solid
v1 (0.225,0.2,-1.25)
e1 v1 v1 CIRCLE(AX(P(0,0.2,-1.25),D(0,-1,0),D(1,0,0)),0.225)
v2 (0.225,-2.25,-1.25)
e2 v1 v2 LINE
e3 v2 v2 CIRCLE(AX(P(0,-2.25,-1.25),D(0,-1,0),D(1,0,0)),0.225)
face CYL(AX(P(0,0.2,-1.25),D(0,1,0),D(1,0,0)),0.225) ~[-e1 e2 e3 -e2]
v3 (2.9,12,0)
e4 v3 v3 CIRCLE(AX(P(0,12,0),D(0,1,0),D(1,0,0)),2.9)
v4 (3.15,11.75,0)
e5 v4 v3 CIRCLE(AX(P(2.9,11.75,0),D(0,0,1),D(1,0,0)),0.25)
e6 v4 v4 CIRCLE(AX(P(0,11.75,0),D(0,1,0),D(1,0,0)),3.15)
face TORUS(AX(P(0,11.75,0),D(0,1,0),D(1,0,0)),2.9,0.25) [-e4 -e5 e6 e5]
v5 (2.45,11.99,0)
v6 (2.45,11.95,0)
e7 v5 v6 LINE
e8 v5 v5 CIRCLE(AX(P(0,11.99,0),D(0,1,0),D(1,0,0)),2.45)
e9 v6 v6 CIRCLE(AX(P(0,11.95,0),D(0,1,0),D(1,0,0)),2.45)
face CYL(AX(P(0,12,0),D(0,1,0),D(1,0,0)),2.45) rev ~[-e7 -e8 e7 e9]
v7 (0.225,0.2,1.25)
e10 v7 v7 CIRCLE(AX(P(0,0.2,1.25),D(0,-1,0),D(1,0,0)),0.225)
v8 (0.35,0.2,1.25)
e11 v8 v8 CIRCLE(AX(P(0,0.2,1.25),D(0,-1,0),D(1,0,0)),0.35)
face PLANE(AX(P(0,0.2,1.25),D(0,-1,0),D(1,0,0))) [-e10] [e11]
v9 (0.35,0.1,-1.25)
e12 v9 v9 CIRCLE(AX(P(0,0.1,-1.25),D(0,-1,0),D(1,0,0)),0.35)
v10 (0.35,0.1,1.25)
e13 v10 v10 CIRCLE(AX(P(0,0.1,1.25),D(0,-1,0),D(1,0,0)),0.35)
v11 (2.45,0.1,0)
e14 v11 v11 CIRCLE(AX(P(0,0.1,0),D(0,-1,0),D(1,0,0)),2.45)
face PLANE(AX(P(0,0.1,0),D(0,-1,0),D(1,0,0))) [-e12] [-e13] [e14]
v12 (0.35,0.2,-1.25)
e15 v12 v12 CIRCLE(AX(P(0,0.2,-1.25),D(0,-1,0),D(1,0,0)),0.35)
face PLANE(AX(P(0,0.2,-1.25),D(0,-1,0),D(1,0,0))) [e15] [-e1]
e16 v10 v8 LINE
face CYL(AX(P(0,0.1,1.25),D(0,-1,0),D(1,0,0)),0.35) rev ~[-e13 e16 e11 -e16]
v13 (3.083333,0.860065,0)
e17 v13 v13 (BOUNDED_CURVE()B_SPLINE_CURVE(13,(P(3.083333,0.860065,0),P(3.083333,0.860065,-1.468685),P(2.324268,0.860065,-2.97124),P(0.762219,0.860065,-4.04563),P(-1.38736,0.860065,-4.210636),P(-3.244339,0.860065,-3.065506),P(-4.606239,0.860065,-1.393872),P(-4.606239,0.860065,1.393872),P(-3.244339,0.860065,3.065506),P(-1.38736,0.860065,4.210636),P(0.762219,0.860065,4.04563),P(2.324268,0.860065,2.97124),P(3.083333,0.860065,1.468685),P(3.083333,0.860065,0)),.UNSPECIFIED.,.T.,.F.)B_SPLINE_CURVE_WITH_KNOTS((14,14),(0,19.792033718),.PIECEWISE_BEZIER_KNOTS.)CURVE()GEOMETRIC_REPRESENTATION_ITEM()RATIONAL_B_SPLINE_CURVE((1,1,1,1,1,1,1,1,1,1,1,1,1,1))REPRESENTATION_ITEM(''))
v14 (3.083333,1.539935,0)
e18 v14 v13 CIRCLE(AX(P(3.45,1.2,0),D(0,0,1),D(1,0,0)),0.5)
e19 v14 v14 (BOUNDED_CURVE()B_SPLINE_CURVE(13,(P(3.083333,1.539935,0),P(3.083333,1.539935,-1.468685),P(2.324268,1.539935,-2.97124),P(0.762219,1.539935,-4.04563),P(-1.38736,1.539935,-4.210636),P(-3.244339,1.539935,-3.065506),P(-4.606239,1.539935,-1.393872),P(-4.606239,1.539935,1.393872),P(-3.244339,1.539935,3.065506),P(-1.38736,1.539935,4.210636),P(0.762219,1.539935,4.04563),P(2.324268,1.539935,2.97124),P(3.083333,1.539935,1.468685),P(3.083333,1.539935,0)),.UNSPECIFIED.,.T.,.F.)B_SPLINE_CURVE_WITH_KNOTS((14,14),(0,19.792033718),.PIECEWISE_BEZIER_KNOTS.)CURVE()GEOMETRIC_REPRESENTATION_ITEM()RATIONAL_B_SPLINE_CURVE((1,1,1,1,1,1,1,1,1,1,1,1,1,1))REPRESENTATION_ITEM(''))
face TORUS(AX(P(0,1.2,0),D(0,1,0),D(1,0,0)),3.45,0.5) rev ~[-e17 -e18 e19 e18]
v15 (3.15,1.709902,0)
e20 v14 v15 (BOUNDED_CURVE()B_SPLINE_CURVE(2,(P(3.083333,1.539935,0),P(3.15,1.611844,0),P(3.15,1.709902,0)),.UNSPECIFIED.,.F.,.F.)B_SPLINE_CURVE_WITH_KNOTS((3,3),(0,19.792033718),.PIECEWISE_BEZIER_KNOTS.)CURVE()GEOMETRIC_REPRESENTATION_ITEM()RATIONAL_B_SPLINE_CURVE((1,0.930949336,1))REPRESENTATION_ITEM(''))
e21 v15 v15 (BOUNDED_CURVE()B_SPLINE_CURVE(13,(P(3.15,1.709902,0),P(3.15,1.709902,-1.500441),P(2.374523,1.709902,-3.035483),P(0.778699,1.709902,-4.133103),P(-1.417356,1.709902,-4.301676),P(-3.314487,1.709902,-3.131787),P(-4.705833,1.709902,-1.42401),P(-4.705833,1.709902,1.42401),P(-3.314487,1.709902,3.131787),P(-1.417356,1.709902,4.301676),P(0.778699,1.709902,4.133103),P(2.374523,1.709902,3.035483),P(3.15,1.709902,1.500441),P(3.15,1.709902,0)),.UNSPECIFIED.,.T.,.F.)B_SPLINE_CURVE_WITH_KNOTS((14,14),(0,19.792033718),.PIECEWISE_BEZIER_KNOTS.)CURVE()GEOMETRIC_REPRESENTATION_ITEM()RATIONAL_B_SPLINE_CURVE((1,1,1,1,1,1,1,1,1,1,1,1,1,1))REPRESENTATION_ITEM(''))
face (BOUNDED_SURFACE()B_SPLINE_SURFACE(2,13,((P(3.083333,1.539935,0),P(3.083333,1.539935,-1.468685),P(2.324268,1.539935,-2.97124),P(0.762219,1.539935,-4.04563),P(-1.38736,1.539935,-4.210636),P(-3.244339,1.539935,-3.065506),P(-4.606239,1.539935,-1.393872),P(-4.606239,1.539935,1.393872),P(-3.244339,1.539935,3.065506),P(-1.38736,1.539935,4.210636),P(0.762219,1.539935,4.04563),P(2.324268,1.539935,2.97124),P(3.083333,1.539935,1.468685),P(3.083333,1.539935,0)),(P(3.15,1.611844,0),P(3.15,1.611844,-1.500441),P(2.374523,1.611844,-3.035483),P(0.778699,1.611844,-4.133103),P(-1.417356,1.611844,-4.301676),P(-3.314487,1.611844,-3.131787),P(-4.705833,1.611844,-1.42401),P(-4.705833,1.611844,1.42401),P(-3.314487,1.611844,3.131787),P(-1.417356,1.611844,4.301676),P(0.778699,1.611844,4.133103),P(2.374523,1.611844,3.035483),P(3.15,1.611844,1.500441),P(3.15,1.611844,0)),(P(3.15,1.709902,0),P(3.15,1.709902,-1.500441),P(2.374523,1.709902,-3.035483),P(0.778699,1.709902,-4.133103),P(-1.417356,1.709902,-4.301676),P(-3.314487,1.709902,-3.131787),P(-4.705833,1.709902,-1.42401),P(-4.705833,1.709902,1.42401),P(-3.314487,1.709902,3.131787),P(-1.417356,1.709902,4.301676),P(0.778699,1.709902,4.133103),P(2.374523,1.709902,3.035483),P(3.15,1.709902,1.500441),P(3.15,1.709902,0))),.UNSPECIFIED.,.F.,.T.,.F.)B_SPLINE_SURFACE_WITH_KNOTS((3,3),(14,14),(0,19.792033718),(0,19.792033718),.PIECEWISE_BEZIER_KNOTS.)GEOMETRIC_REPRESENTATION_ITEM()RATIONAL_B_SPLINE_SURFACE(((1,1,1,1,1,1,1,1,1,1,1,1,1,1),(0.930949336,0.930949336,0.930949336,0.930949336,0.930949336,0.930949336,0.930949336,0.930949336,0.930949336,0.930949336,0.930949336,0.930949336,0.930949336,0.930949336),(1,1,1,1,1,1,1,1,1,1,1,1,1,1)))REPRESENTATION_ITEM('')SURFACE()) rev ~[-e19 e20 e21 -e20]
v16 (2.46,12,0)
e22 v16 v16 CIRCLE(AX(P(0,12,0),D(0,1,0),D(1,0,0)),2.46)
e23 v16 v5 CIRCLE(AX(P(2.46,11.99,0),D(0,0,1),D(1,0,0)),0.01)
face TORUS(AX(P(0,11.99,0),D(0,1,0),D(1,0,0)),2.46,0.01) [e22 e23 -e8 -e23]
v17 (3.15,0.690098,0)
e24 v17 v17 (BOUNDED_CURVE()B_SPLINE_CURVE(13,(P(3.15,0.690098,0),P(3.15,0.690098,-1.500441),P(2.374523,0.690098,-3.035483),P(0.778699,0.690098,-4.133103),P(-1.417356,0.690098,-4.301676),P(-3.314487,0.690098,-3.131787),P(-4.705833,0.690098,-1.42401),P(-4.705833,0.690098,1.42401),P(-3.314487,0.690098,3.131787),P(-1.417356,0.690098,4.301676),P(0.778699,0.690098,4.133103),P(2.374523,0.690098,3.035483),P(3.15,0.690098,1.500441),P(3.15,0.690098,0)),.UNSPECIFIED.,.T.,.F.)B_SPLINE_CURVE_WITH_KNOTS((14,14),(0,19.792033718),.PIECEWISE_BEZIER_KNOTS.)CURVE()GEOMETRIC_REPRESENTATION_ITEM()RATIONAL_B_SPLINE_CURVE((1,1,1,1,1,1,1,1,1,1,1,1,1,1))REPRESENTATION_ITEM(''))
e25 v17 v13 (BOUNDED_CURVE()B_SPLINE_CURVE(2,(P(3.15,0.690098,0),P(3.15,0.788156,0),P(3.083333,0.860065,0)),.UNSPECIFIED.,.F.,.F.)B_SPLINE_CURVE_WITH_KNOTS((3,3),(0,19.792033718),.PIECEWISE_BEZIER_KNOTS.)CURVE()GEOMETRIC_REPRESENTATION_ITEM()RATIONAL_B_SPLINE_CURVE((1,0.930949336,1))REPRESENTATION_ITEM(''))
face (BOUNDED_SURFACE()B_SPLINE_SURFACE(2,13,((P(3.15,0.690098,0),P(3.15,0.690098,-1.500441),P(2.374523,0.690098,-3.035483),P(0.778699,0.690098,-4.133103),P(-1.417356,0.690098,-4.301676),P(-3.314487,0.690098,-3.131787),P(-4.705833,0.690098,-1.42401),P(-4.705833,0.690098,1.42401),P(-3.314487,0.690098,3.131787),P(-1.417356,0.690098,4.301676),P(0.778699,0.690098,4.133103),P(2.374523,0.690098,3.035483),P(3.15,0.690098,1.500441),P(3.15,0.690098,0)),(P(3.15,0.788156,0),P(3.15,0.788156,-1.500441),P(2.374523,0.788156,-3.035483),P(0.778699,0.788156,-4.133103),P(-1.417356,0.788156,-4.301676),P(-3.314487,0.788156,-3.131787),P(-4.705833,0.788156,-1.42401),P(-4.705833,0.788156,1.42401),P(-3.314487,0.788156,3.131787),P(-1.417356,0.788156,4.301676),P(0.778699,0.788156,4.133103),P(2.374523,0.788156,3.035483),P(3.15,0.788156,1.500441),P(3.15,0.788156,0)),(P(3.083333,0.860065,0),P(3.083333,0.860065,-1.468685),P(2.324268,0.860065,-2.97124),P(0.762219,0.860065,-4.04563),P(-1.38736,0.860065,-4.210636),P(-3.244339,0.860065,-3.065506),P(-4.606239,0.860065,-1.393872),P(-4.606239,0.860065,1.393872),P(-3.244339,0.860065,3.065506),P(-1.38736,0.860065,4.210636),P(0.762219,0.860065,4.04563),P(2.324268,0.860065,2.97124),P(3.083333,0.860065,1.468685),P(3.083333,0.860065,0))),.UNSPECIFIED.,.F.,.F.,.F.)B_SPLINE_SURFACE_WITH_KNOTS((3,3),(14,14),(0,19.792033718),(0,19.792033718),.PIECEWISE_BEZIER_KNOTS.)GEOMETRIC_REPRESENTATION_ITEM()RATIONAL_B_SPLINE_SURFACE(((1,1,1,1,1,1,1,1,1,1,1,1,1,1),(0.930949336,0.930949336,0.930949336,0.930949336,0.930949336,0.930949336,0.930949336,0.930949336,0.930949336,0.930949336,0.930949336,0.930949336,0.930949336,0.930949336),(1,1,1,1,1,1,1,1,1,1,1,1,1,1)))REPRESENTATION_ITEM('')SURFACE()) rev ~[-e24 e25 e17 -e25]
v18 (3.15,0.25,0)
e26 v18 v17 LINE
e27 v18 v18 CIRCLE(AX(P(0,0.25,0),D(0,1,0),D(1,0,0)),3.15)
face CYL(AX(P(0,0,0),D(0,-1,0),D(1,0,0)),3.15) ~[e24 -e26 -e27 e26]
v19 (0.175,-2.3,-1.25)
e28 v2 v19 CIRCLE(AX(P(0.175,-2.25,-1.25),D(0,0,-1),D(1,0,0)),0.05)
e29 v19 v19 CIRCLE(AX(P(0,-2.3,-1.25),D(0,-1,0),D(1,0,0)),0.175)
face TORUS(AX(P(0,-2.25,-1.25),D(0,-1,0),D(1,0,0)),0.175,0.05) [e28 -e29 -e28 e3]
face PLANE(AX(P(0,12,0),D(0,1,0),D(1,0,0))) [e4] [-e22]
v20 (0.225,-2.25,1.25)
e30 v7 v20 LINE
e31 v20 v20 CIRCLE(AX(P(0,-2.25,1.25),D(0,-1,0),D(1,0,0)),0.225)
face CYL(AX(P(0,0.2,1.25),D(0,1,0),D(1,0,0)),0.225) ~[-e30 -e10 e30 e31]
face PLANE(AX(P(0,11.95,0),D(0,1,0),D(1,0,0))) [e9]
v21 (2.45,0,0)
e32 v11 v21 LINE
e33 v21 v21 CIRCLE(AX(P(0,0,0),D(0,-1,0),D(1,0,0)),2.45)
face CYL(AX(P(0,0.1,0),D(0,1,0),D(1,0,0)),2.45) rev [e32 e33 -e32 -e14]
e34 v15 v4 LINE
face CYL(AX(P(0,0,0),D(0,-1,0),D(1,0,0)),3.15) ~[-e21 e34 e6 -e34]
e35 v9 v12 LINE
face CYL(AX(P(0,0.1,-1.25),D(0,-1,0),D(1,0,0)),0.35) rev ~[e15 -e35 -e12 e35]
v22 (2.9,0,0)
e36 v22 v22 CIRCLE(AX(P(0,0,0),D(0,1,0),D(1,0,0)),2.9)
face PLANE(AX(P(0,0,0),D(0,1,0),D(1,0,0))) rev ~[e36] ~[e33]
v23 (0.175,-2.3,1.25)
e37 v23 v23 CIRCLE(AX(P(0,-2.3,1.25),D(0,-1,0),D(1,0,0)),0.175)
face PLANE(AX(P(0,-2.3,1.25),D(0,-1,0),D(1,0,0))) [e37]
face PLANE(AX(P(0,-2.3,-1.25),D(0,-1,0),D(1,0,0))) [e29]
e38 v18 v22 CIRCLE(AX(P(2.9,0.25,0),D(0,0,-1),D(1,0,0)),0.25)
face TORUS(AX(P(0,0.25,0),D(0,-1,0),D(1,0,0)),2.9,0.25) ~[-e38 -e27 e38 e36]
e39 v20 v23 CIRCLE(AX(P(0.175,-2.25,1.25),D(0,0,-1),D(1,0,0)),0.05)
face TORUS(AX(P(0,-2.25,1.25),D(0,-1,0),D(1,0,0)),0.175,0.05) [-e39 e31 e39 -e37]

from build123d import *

# Parameters (mm, degrees)
SKETCH1_R           = 3.15
BOSS_EXTRUDE1_DEPTH = 12
FILLET1_R           = 0.25
SKETCH2_R           = 2.45
CUT_EXTRUDE1_DEPTH  = 0.05
SKETCH3_R           = 0.5
FILLET2_R           = 0.25
CUT_EXTRUDE2_START  = -0.1
SKETCH4_R           = 2.45
CUT_EXTRUDE2_DEPTH  = 0.1
FILLET3_R           = 0.01
SKETCH8_R           = 0.35
CUT_EXTRUDE3_DEPTH  = 0.1
SKETCH9_R           = 0.225
BOSS_EXTRUDE2_DEPTH = 2.5
FILLET4_R           = 0.05


with BuildPart() as part:
    # Sketch1 → Boss-Extrude1 (new body)
    with BuildSketch(Plane(origin=(0, 0, 0), x_dir=(1, 0, 0), z_dir=(0, 1, 0))):
        Circle(SKETCH1_R)
    extrude(amount=BOSS_EXTRUDE1_DEPTH)

    # Fillet1
    fillet1_edges = [part.edges().sort_by_distance(p)[0] for p in [
        (-3.15, 12, 0),
        (-3.15, 0, 0),
    ]]
    fillet(fillet1_edges, radius=FILLET1_R)

    # Sketch2 → Cut-Extrude1 (cut)
    with BuildSketch(Plane(origin=(0, 12, 0), x_dir=(1, 0, 0), z_dir=(0, 1, 0))):
        Circle(SKETCH2_R)
    extrude(amount=-CUT_EXTRUDE1_DEPTH, mode=Mode.SUBTRACT)

    # Sketch3 → Cut-Revolve1 (revolve, cut)
    with BuildSketch(Plane.XY):
        with Locations((3.45, 1.2)):
            Circle(SKETCH3_R)
    revolve(axis=Axis((0, 0, 0), (0, 1, 0)), mode=Mode.SUBTRACT)

    # Fillet2
    fillet2_edges = [part.edges().sort_by_distance(p)[0] for p in [
        (-3.15, 1.6, 0),
        (-3.15, 0.8, 0),
    ]]
    fillet(fillet2_edges, radius=FILLET2_R)

    # Sketch4 → Cut-Extrude2 (cut)
    with BuildSketch(Plane.XZ.offset(CUT_EXTRUDE2_START)):
        Circle(SKETCH4_R)
    extrude(amount=CUT_EXTRUDE2_DEPTH, mode=Mode.SUBTRACT)

    # Fillet3
    fillet3_edges = [part.edges().sort_by_distance(p)[0] for p in [
        (-2.45, 12, 0),
    ]]
    fillet(fillet3_edges, radius=FILLET3_R)

    # Sketch8 → Cut-Extrude3 (cut)
    with BuildSketch(Plane.XZ.offset(-0.1)):
        with Locations((0, 1.25)):
            Circle(SKETCH8_R)
        with Locations((0, -1.25)):
            Circle(SKETCH8_R)
    extrude(amount=-CUT_EXTRUDE3_DEPTH, mode=Mode.SUBTRACT)

    # Sketch9 → Boss-Extrude2 (add)
    with BuildSketch(Plane.XZ.offset(-0.2)):
        with Locations((0, 1.25)):
            Circle(SKETCH9_R)
        with Locations((0, -1.25)):
            Circle(SKETCH9_R)
    extrude(amount=BOSS_EXTRUDE2_DEPTH)

    # Fillet4
    fillet4_edges = [part.edges().sort_by_distance(p)[0] for p in [
        (-0.225, -2.3, 1.25),
        (-0.225, -2.3, -1.25),
    ]]
    fillet(fillet4_edges, radius=FILLET4_R)


solid = part.part
